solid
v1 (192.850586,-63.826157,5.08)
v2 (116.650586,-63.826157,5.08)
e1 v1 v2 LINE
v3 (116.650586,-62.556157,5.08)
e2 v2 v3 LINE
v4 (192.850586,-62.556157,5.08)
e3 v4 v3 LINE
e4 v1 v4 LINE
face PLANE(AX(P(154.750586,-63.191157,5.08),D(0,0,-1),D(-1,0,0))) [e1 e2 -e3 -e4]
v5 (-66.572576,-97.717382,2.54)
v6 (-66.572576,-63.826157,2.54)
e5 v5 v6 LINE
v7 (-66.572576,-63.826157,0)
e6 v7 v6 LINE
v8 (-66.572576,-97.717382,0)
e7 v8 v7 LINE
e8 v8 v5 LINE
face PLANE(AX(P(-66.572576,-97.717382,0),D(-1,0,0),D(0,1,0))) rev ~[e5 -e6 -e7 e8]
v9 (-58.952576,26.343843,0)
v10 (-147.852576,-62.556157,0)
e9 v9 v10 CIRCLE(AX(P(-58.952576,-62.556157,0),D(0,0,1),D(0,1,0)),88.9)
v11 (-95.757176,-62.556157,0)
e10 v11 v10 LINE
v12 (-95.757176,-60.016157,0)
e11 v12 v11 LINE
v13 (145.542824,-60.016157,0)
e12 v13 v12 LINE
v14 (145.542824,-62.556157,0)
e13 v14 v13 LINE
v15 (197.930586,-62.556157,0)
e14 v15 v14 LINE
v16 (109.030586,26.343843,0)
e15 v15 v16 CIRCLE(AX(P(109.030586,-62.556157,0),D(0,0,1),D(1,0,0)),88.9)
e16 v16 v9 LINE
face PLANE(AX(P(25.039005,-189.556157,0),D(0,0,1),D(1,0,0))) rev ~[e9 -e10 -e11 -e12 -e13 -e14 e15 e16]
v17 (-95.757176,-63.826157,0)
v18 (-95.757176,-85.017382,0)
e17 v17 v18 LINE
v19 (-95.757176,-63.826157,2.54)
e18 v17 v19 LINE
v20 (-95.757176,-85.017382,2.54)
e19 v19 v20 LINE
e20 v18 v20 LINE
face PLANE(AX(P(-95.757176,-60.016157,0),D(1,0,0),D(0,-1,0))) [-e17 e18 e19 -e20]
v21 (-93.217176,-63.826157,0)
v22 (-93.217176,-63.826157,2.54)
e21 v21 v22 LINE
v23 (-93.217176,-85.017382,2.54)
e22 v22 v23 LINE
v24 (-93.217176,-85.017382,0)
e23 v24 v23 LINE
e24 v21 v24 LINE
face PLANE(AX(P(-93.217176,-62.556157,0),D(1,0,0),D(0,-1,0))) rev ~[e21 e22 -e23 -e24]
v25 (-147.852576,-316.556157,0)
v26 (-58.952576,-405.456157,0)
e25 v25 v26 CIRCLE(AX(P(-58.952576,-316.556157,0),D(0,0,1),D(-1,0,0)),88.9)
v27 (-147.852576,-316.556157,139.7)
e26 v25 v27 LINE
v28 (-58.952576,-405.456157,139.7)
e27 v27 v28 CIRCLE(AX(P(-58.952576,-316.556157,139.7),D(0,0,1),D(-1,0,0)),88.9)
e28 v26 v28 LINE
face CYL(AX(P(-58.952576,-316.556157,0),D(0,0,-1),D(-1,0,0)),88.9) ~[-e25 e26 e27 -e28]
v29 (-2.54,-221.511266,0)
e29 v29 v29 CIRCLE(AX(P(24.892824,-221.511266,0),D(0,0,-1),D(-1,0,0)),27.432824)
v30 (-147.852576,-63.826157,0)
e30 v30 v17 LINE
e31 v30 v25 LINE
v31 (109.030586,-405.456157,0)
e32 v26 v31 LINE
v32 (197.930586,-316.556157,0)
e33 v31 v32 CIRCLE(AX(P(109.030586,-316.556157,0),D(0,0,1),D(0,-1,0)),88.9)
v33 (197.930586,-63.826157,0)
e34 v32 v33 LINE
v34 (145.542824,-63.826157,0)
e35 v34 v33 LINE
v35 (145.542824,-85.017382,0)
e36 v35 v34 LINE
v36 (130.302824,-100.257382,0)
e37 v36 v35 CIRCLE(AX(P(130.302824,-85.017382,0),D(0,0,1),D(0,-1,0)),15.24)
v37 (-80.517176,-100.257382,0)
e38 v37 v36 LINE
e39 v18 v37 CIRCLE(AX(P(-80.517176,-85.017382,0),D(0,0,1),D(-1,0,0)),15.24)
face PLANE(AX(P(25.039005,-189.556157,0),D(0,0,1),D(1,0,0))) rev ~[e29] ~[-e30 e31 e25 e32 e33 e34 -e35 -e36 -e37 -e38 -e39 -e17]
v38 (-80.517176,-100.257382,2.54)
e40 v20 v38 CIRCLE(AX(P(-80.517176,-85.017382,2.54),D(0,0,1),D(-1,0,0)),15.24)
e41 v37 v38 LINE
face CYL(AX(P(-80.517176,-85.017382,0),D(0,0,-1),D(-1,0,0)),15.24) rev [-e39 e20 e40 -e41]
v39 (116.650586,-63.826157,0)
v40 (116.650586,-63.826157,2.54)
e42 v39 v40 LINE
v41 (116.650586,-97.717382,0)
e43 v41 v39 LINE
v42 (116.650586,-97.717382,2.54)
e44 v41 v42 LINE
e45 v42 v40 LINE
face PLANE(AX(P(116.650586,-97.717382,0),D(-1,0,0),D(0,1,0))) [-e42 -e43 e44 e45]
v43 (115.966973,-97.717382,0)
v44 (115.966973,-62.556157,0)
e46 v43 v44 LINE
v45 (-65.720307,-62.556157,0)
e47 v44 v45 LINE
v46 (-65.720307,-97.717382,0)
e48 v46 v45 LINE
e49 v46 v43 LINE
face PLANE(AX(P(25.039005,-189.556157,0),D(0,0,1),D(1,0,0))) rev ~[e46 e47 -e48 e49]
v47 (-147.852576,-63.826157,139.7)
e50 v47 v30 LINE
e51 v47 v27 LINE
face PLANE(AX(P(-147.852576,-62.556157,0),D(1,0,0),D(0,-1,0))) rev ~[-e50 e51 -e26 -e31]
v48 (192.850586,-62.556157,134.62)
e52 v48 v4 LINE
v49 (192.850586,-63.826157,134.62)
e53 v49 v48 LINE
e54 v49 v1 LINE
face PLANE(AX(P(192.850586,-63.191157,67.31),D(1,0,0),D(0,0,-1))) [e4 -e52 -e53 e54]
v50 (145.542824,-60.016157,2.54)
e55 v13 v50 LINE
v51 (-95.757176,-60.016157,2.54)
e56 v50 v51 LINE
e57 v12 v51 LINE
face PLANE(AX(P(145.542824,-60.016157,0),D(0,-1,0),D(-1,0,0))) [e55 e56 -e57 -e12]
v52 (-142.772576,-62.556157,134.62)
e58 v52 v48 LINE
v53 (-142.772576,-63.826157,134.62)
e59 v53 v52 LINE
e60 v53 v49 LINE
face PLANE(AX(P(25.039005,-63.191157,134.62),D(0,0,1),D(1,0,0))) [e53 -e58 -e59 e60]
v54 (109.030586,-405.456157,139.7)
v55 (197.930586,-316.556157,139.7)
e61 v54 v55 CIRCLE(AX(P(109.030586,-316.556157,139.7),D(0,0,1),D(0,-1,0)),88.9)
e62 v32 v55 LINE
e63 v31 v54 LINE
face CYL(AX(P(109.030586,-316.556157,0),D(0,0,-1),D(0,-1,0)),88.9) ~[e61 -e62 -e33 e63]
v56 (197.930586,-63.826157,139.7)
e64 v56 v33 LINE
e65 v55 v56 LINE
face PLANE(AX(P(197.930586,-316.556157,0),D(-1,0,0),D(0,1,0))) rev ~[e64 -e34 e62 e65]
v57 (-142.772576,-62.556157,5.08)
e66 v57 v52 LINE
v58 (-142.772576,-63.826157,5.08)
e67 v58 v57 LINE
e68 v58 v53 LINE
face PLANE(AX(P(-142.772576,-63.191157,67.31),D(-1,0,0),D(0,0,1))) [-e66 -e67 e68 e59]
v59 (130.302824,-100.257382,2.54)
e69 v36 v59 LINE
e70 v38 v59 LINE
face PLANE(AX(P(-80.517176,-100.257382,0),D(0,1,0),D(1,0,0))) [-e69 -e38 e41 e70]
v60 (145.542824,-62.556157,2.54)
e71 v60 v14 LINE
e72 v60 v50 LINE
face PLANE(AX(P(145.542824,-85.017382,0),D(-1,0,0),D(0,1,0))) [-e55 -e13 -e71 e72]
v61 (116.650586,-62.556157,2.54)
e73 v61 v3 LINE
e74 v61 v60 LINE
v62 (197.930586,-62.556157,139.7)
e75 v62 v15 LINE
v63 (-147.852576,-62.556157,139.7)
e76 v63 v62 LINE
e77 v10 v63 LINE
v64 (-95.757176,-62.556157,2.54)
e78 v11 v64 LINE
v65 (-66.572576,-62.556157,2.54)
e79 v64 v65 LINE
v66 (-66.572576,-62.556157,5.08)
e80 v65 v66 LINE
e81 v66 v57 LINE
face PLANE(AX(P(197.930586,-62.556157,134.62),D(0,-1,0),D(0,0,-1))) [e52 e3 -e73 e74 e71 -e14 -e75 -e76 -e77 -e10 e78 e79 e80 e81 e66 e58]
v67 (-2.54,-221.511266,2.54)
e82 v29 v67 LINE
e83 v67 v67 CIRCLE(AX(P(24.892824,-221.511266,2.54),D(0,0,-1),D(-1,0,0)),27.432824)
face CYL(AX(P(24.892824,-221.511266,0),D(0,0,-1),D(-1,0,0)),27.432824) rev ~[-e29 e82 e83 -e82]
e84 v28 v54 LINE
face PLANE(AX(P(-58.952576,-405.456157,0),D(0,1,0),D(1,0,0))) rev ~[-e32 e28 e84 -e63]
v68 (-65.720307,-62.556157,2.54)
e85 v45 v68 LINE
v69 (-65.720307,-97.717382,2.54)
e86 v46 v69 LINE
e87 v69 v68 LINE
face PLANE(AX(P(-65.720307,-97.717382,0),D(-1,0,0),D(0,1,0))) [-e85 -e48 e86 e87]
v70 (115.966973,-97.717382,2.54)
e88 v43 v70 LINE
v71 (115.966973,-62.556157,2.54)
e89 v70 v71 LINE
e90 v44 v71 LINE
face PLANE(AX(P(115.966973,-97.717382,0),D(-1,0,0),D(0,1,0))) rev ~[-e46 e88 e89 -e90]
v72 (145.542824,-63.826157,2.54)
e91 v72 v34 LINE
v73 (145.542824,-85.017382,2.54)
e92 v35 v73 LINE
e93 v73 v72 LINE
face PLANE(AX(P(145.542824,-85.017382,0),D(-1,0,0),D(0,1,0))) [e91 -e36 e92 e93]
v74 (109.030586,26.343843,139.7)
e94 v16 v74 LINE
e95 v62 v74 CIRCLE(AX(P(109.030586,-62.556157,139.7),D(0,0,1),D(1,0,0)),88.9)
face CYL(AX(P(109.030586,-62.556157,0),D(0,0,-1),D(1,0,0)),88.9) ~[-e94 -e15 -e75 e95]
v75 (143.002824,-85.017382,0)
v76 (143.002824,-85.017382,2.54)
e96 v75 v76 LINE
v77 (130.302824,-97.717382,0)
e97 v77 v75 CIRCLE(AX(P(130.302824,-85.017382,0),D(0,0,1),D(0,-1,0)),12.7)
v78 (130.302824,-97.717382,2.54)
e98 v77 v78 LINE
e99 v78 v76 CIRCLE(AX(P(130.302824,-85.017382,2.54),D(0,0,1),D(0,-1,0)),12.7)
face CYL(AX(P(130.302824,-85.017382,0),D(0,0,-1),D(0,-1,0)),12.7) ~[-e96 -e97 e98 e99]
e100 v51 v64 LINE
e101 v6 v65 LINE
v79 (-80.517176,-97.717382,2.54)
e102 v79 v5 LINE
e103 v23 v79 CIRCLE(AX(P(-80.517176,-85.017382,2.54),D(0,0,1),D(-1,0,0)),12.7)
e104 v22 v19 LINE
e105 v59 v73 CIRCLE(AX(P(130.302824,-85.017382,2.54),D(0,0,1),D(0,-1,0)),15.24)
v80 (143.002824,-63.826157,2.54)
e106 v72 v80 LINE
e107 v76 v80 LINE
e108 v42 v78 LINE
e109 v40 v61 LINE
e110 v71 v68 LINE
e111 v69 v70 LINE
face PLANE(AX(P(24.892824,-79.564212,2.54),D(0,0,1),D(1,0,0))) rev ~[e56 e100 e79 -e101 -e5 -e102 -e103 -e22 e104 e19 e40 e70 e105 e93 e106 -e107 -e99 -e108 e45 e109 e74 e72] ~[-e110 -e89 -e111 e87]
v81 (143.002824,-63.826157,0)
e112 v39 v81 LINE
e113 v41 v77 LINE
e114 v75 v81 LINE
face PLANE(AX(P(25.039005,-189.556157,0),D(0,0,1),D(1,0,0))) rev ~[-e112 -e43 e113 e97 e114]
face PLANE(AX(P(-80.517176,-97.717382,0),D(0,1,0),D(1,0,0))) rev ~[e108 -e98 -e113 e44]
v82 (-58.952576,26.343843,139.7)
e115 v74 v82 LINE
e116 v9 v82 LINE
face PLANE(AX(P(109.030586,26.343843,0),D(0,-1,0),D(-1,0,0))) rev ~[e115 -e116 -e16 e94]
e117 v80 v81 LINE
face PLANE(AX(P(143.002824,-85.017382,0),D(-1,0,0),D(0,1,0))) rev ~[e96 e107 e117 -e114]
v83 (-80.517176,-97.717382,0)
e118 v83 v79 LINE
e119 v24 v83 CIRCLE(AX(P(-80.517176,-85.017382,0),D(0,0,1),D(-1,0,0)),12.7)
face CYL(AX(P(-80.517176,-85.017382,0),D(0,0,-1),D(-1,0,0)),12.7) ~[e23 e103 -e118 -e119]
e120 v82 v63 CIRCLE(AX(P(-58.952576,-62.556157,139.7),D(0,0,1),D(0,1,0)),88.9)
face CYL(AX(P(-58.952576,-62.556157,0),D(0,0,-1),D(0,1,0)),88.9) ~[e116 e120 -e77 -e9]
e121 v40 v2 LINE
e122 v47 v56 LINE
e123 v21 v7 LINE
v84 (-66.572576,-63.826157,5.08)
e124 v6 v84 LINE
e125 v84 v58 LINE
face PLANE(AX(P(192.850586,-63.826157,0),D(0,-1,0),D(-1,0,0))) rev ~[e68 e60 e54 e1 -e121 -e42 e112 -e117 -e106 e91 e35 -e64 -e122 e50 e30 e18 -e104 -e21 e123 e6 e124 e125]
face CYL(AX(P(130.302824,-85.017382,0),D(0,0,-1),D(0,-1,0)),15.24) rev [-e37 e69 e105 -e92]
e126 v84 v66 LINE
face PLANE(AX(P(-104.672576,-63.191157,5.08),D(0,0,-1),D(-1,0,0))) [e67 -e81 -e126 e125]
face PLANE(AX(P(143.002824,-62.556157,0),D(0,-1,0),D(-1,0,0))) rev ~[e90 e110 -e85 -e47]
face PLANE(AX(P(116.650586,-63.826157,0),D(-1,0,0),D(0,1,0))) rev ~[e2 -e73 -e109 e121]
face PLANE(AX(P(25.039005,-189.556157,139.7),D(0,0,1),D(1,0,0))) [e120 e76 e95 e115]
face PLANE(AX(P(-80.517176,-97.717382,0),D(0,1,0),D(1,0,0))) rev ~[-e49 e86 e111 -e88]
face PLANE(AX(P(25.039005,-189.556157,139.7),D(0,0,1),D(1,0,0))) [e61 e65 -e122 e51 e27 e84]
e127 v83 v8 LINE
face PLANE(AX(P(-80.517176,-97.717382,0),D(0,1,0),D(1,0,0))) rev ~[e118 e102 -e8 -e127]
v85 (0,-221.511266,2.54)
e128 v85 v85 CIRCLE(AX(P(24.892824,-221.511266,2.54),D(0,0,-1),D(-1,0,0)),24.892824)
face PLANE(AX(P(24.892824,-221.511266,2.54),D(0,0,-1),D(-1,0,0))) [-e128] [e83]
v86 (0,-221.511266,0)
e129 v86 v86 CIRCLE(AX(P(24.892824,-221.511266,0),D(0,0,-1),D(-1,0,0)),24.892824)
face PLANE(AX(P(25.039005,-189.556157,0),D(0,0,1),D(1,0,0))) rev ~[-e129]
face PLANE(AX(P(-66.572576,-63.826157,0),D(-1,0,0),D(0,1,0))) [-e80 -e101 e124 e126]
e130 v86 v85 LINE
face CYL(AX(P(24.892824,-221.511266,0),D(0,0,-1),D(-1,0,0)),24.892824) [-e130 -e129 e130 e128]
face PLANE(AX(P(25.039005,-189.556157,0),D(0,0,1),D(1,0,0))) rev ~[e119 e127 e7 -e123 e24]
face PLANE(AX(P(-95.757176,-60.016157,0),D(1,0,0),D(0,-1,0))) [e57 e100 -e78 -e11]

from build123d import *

# Parameters (mm, degrees)
BOSS_EXTRUDE1_DEPTH     = 139.7
SKETCH2_W               = 345.783161942
SKETCH2_H               = 1.27
CUT_EXTRUDE1_DEPTH      = 5.08
SKETCH3_W               = 134.62
SKETCH3_H               = 1.27
CUT_EXTRUDE2_DEPTH      = 5.08
SKETCH4_W               = 134.62
SKETCH4_H               = 1.27
CUT_EXTRUDE3_DEPTH      = 5.08
SKETCH5_W               = 76.2
SKETCH5_H               = 1.27
CUT_EXTRUDE4_DEPTH      = 5.08
CUT_EXTRUDE_THIN1_DEPTH = 2.54
SKETCH8_W               = 0.683613246
SKETCH8_H               = 35.161225601
SKETCH8_W_2             = 0.852269187
CUT_EXTRUDE5_DEPTH      = 2.54
SKETCH9_R               = 27.432823907
SKETCH9_R_2             = 24.892823907
CUT_EXTRUDE_THIN2_DEPTH = 2.54


with BuildPart() as part:
    # Sketch1 → Boss-Extrude1 (new body)
    with BuildSketch(Plane.XY):
        with BuildLine():
            Line((109.030585849, 26.343843493), (-58.952576093, 26.343843493))
            ThreePointArc((-58.952576093, 26.343843493), (-121.814368941, 0.30563634), (-147.852576093, -62.556156507))
            Line((-147.852576093, -62.556156507), (-147.852576093, -316.556156507))
            ThreePointArc((-147.852576093, -316.556156507), (-121.814368941, -379.417949355), (-58.952576093, -405.456156507))
            Line((-58.952576093, -405.456156507), (109.030585849, -405.456156507))
            ThreePointArc((109.030585849, -405.456156507), (171.892378697, -379.417949355), (197.930585849, -316.556156507))
            Line((197.930585849, -316.556156507), (197.930585849, -62.556156507))
            ThreePointArc((197.930585849, -62.556156507), (171.892378697, 0.30563634), (109.030585849, 26.343843493))
        make_face()
    extrude(amount=BOSS_EXTRUDE1_DEPTH)

    # Sketch2 → Cut-Extrude1 (cut)
    with BuildSketch(Plane.XY.offset(139.7)):
        with Locations((25.039004878, -63.191156507)):
            Rectangle(SKETCH2_W, SKETCH2_H)
    extrude(amount=-CUT_EXTRUDE1_DEPTH, mode=Mode.SUBTRACT)

    # Sketch3 → Cut-Extrude2 (cut)
    with BuildSketch(Plane.ZY.offset(147.852576093)):
        with Locations((67.31, -63.191156507)):
            Rectangle(SKETCH3_W, SKETCH3_H)
    extrude(amount=-CUT_EXTRUDE2_DEPTH, mode=Mode.SUBTRACT)

    # Sketch4 → Cut-Extrude3 (cut)
    with BuildSketch(Plane(origin=(197.930585849, 0, 0), x_dir=(0, 0, -1), z_dir=(1, 0, 0))):
        with Locations((-67.31, -63.191156507)):
            Rectangle(SKETCH4_W, SKETCH4_H)
    extrude(amount=-CUT_EXTRUDE3_DEPTH, mode=Mode.SUBTRACT)

    # Sketch5 → Cut-Extrude4 (cut)
    with BuildSketch(Plane(origin=(0, 0, 0), x_dir=(-1, 0, 0), z_dir=(0, 0, -1))):
        with Locations((-154.750585849, -63.191156507)):
            Rectangle(SKETCH5_W, SKETCH5_H)
        with Locations((104.672576093, -63.191156507)):
            Rectangle(SKETCH5_W, SKETCH5_H)
    extrude(amount=-CUT_EXTRUDE4_DEPTH, mode=Mode.SUBTRACT)

    # Sketch7 → Cut-Extrude-Thin1 (cut)
    with BuildSketch(Plane(origin=(0, 0, 0), x_dir=(-1, 0, 0), z_dir=(0, 0, -1))):
        with BuildLine():
            Line((80.517176093, -100.257382108), (-130.302823907, -100.257382108))
            ThreePointArc((-130.302823907, -100.257382108), (-141.079131252, -95.793689453), (-145.542823907, -85.017382108))
            Line((-145.542823907, -85.017382108), (-145.542823907, -63.826156507))
            Line((-145.542823907, -63.826156507), (-145.542823907, -60.016156507))
            Line((-145.542823907, -60.016156507), (95.757176093, -60.016156507))
            Line((95.757176093, -60.016156507), (95.757176093, -63.826156507))
            Line((95.757176093, -63.826156507), (95.757176093, -85.017382108))
            ThreePointArc((95.757176093, -85.017382108), (91.293483439, -95.793689453), (80.517176093, -100.257382108))
        make_face()
        with BuildLine():
            Line((80.517176093, -97.717382108), (-130.302823907, -97.717382108))
            ThreePointArc((-130.302823907, -97.717382108), (-139.283080028, -93.997638229), (-143.002823907, -85.017382108))
            Line((-143.002823907, -85.017382108), (-143.002823907, -63.826156507))
            Line((-143.002823907, -63.826156507), (-143.002823907, -62.556156507))
            Line((-143.002823907, -62.556156507), (93.217176093, -62.556156507))
            Line((93.217176093, -62.556156507), (93.217176093, -63.826156507))
            Line((93.217176093, -63.826156507), (93.217176093, -85.017382108))
            ThreePointArc((93.217176093, -85.017382108), (89.497432214, -93.997638229), (80.517176093, -97.717382108))
        make_face(mode=Mode.SUBTRACT)
    extrude(amount=-CUT_EXTRUDE_THIN1_DEPTH, mode=Mode.SUBTRACT)

    # Sketch8 → Cut-Extrude5 (cut)
    with BuildSketch(Plane(origin=(0, 0, 0), x_dir=(-1, 0, 0), z_dir=(0, 0, -1))):
        with Locations((-116.308779226, -80.136769308)):
            Rectangle(SKETCH8_W, SKETCH8_H)
        with Locations((66.1464415, -80.136769308)):
            Rectangle(SKETCH8_W_2, SKETCH8_H)
    extrude(amount=-CUT_EXTRUDE5_DEPTH, mode=Mode.SUBTRACT)

    # Sketch9 → Cut-Extrude-Thin2 (cut)
    with BuildSketch(Plane(origin=(0, 0, 0), x_dir=(-1, 0, 0), z_dir=(0, 0, -1))):
        with Locations((-24.892823907, -221.511266295)):
            Circle(SKETCH9_R)
        with Locations((-24.892823907, -221.511266295)):
            Circle(SKETCH9_R_2, mode=Mode.SUBTRACT)
    extrude(amount=-CUT_EXTRUDE_THIN2_DEPTH, mode=Mode.SUBTRACT)


solid = part.part
